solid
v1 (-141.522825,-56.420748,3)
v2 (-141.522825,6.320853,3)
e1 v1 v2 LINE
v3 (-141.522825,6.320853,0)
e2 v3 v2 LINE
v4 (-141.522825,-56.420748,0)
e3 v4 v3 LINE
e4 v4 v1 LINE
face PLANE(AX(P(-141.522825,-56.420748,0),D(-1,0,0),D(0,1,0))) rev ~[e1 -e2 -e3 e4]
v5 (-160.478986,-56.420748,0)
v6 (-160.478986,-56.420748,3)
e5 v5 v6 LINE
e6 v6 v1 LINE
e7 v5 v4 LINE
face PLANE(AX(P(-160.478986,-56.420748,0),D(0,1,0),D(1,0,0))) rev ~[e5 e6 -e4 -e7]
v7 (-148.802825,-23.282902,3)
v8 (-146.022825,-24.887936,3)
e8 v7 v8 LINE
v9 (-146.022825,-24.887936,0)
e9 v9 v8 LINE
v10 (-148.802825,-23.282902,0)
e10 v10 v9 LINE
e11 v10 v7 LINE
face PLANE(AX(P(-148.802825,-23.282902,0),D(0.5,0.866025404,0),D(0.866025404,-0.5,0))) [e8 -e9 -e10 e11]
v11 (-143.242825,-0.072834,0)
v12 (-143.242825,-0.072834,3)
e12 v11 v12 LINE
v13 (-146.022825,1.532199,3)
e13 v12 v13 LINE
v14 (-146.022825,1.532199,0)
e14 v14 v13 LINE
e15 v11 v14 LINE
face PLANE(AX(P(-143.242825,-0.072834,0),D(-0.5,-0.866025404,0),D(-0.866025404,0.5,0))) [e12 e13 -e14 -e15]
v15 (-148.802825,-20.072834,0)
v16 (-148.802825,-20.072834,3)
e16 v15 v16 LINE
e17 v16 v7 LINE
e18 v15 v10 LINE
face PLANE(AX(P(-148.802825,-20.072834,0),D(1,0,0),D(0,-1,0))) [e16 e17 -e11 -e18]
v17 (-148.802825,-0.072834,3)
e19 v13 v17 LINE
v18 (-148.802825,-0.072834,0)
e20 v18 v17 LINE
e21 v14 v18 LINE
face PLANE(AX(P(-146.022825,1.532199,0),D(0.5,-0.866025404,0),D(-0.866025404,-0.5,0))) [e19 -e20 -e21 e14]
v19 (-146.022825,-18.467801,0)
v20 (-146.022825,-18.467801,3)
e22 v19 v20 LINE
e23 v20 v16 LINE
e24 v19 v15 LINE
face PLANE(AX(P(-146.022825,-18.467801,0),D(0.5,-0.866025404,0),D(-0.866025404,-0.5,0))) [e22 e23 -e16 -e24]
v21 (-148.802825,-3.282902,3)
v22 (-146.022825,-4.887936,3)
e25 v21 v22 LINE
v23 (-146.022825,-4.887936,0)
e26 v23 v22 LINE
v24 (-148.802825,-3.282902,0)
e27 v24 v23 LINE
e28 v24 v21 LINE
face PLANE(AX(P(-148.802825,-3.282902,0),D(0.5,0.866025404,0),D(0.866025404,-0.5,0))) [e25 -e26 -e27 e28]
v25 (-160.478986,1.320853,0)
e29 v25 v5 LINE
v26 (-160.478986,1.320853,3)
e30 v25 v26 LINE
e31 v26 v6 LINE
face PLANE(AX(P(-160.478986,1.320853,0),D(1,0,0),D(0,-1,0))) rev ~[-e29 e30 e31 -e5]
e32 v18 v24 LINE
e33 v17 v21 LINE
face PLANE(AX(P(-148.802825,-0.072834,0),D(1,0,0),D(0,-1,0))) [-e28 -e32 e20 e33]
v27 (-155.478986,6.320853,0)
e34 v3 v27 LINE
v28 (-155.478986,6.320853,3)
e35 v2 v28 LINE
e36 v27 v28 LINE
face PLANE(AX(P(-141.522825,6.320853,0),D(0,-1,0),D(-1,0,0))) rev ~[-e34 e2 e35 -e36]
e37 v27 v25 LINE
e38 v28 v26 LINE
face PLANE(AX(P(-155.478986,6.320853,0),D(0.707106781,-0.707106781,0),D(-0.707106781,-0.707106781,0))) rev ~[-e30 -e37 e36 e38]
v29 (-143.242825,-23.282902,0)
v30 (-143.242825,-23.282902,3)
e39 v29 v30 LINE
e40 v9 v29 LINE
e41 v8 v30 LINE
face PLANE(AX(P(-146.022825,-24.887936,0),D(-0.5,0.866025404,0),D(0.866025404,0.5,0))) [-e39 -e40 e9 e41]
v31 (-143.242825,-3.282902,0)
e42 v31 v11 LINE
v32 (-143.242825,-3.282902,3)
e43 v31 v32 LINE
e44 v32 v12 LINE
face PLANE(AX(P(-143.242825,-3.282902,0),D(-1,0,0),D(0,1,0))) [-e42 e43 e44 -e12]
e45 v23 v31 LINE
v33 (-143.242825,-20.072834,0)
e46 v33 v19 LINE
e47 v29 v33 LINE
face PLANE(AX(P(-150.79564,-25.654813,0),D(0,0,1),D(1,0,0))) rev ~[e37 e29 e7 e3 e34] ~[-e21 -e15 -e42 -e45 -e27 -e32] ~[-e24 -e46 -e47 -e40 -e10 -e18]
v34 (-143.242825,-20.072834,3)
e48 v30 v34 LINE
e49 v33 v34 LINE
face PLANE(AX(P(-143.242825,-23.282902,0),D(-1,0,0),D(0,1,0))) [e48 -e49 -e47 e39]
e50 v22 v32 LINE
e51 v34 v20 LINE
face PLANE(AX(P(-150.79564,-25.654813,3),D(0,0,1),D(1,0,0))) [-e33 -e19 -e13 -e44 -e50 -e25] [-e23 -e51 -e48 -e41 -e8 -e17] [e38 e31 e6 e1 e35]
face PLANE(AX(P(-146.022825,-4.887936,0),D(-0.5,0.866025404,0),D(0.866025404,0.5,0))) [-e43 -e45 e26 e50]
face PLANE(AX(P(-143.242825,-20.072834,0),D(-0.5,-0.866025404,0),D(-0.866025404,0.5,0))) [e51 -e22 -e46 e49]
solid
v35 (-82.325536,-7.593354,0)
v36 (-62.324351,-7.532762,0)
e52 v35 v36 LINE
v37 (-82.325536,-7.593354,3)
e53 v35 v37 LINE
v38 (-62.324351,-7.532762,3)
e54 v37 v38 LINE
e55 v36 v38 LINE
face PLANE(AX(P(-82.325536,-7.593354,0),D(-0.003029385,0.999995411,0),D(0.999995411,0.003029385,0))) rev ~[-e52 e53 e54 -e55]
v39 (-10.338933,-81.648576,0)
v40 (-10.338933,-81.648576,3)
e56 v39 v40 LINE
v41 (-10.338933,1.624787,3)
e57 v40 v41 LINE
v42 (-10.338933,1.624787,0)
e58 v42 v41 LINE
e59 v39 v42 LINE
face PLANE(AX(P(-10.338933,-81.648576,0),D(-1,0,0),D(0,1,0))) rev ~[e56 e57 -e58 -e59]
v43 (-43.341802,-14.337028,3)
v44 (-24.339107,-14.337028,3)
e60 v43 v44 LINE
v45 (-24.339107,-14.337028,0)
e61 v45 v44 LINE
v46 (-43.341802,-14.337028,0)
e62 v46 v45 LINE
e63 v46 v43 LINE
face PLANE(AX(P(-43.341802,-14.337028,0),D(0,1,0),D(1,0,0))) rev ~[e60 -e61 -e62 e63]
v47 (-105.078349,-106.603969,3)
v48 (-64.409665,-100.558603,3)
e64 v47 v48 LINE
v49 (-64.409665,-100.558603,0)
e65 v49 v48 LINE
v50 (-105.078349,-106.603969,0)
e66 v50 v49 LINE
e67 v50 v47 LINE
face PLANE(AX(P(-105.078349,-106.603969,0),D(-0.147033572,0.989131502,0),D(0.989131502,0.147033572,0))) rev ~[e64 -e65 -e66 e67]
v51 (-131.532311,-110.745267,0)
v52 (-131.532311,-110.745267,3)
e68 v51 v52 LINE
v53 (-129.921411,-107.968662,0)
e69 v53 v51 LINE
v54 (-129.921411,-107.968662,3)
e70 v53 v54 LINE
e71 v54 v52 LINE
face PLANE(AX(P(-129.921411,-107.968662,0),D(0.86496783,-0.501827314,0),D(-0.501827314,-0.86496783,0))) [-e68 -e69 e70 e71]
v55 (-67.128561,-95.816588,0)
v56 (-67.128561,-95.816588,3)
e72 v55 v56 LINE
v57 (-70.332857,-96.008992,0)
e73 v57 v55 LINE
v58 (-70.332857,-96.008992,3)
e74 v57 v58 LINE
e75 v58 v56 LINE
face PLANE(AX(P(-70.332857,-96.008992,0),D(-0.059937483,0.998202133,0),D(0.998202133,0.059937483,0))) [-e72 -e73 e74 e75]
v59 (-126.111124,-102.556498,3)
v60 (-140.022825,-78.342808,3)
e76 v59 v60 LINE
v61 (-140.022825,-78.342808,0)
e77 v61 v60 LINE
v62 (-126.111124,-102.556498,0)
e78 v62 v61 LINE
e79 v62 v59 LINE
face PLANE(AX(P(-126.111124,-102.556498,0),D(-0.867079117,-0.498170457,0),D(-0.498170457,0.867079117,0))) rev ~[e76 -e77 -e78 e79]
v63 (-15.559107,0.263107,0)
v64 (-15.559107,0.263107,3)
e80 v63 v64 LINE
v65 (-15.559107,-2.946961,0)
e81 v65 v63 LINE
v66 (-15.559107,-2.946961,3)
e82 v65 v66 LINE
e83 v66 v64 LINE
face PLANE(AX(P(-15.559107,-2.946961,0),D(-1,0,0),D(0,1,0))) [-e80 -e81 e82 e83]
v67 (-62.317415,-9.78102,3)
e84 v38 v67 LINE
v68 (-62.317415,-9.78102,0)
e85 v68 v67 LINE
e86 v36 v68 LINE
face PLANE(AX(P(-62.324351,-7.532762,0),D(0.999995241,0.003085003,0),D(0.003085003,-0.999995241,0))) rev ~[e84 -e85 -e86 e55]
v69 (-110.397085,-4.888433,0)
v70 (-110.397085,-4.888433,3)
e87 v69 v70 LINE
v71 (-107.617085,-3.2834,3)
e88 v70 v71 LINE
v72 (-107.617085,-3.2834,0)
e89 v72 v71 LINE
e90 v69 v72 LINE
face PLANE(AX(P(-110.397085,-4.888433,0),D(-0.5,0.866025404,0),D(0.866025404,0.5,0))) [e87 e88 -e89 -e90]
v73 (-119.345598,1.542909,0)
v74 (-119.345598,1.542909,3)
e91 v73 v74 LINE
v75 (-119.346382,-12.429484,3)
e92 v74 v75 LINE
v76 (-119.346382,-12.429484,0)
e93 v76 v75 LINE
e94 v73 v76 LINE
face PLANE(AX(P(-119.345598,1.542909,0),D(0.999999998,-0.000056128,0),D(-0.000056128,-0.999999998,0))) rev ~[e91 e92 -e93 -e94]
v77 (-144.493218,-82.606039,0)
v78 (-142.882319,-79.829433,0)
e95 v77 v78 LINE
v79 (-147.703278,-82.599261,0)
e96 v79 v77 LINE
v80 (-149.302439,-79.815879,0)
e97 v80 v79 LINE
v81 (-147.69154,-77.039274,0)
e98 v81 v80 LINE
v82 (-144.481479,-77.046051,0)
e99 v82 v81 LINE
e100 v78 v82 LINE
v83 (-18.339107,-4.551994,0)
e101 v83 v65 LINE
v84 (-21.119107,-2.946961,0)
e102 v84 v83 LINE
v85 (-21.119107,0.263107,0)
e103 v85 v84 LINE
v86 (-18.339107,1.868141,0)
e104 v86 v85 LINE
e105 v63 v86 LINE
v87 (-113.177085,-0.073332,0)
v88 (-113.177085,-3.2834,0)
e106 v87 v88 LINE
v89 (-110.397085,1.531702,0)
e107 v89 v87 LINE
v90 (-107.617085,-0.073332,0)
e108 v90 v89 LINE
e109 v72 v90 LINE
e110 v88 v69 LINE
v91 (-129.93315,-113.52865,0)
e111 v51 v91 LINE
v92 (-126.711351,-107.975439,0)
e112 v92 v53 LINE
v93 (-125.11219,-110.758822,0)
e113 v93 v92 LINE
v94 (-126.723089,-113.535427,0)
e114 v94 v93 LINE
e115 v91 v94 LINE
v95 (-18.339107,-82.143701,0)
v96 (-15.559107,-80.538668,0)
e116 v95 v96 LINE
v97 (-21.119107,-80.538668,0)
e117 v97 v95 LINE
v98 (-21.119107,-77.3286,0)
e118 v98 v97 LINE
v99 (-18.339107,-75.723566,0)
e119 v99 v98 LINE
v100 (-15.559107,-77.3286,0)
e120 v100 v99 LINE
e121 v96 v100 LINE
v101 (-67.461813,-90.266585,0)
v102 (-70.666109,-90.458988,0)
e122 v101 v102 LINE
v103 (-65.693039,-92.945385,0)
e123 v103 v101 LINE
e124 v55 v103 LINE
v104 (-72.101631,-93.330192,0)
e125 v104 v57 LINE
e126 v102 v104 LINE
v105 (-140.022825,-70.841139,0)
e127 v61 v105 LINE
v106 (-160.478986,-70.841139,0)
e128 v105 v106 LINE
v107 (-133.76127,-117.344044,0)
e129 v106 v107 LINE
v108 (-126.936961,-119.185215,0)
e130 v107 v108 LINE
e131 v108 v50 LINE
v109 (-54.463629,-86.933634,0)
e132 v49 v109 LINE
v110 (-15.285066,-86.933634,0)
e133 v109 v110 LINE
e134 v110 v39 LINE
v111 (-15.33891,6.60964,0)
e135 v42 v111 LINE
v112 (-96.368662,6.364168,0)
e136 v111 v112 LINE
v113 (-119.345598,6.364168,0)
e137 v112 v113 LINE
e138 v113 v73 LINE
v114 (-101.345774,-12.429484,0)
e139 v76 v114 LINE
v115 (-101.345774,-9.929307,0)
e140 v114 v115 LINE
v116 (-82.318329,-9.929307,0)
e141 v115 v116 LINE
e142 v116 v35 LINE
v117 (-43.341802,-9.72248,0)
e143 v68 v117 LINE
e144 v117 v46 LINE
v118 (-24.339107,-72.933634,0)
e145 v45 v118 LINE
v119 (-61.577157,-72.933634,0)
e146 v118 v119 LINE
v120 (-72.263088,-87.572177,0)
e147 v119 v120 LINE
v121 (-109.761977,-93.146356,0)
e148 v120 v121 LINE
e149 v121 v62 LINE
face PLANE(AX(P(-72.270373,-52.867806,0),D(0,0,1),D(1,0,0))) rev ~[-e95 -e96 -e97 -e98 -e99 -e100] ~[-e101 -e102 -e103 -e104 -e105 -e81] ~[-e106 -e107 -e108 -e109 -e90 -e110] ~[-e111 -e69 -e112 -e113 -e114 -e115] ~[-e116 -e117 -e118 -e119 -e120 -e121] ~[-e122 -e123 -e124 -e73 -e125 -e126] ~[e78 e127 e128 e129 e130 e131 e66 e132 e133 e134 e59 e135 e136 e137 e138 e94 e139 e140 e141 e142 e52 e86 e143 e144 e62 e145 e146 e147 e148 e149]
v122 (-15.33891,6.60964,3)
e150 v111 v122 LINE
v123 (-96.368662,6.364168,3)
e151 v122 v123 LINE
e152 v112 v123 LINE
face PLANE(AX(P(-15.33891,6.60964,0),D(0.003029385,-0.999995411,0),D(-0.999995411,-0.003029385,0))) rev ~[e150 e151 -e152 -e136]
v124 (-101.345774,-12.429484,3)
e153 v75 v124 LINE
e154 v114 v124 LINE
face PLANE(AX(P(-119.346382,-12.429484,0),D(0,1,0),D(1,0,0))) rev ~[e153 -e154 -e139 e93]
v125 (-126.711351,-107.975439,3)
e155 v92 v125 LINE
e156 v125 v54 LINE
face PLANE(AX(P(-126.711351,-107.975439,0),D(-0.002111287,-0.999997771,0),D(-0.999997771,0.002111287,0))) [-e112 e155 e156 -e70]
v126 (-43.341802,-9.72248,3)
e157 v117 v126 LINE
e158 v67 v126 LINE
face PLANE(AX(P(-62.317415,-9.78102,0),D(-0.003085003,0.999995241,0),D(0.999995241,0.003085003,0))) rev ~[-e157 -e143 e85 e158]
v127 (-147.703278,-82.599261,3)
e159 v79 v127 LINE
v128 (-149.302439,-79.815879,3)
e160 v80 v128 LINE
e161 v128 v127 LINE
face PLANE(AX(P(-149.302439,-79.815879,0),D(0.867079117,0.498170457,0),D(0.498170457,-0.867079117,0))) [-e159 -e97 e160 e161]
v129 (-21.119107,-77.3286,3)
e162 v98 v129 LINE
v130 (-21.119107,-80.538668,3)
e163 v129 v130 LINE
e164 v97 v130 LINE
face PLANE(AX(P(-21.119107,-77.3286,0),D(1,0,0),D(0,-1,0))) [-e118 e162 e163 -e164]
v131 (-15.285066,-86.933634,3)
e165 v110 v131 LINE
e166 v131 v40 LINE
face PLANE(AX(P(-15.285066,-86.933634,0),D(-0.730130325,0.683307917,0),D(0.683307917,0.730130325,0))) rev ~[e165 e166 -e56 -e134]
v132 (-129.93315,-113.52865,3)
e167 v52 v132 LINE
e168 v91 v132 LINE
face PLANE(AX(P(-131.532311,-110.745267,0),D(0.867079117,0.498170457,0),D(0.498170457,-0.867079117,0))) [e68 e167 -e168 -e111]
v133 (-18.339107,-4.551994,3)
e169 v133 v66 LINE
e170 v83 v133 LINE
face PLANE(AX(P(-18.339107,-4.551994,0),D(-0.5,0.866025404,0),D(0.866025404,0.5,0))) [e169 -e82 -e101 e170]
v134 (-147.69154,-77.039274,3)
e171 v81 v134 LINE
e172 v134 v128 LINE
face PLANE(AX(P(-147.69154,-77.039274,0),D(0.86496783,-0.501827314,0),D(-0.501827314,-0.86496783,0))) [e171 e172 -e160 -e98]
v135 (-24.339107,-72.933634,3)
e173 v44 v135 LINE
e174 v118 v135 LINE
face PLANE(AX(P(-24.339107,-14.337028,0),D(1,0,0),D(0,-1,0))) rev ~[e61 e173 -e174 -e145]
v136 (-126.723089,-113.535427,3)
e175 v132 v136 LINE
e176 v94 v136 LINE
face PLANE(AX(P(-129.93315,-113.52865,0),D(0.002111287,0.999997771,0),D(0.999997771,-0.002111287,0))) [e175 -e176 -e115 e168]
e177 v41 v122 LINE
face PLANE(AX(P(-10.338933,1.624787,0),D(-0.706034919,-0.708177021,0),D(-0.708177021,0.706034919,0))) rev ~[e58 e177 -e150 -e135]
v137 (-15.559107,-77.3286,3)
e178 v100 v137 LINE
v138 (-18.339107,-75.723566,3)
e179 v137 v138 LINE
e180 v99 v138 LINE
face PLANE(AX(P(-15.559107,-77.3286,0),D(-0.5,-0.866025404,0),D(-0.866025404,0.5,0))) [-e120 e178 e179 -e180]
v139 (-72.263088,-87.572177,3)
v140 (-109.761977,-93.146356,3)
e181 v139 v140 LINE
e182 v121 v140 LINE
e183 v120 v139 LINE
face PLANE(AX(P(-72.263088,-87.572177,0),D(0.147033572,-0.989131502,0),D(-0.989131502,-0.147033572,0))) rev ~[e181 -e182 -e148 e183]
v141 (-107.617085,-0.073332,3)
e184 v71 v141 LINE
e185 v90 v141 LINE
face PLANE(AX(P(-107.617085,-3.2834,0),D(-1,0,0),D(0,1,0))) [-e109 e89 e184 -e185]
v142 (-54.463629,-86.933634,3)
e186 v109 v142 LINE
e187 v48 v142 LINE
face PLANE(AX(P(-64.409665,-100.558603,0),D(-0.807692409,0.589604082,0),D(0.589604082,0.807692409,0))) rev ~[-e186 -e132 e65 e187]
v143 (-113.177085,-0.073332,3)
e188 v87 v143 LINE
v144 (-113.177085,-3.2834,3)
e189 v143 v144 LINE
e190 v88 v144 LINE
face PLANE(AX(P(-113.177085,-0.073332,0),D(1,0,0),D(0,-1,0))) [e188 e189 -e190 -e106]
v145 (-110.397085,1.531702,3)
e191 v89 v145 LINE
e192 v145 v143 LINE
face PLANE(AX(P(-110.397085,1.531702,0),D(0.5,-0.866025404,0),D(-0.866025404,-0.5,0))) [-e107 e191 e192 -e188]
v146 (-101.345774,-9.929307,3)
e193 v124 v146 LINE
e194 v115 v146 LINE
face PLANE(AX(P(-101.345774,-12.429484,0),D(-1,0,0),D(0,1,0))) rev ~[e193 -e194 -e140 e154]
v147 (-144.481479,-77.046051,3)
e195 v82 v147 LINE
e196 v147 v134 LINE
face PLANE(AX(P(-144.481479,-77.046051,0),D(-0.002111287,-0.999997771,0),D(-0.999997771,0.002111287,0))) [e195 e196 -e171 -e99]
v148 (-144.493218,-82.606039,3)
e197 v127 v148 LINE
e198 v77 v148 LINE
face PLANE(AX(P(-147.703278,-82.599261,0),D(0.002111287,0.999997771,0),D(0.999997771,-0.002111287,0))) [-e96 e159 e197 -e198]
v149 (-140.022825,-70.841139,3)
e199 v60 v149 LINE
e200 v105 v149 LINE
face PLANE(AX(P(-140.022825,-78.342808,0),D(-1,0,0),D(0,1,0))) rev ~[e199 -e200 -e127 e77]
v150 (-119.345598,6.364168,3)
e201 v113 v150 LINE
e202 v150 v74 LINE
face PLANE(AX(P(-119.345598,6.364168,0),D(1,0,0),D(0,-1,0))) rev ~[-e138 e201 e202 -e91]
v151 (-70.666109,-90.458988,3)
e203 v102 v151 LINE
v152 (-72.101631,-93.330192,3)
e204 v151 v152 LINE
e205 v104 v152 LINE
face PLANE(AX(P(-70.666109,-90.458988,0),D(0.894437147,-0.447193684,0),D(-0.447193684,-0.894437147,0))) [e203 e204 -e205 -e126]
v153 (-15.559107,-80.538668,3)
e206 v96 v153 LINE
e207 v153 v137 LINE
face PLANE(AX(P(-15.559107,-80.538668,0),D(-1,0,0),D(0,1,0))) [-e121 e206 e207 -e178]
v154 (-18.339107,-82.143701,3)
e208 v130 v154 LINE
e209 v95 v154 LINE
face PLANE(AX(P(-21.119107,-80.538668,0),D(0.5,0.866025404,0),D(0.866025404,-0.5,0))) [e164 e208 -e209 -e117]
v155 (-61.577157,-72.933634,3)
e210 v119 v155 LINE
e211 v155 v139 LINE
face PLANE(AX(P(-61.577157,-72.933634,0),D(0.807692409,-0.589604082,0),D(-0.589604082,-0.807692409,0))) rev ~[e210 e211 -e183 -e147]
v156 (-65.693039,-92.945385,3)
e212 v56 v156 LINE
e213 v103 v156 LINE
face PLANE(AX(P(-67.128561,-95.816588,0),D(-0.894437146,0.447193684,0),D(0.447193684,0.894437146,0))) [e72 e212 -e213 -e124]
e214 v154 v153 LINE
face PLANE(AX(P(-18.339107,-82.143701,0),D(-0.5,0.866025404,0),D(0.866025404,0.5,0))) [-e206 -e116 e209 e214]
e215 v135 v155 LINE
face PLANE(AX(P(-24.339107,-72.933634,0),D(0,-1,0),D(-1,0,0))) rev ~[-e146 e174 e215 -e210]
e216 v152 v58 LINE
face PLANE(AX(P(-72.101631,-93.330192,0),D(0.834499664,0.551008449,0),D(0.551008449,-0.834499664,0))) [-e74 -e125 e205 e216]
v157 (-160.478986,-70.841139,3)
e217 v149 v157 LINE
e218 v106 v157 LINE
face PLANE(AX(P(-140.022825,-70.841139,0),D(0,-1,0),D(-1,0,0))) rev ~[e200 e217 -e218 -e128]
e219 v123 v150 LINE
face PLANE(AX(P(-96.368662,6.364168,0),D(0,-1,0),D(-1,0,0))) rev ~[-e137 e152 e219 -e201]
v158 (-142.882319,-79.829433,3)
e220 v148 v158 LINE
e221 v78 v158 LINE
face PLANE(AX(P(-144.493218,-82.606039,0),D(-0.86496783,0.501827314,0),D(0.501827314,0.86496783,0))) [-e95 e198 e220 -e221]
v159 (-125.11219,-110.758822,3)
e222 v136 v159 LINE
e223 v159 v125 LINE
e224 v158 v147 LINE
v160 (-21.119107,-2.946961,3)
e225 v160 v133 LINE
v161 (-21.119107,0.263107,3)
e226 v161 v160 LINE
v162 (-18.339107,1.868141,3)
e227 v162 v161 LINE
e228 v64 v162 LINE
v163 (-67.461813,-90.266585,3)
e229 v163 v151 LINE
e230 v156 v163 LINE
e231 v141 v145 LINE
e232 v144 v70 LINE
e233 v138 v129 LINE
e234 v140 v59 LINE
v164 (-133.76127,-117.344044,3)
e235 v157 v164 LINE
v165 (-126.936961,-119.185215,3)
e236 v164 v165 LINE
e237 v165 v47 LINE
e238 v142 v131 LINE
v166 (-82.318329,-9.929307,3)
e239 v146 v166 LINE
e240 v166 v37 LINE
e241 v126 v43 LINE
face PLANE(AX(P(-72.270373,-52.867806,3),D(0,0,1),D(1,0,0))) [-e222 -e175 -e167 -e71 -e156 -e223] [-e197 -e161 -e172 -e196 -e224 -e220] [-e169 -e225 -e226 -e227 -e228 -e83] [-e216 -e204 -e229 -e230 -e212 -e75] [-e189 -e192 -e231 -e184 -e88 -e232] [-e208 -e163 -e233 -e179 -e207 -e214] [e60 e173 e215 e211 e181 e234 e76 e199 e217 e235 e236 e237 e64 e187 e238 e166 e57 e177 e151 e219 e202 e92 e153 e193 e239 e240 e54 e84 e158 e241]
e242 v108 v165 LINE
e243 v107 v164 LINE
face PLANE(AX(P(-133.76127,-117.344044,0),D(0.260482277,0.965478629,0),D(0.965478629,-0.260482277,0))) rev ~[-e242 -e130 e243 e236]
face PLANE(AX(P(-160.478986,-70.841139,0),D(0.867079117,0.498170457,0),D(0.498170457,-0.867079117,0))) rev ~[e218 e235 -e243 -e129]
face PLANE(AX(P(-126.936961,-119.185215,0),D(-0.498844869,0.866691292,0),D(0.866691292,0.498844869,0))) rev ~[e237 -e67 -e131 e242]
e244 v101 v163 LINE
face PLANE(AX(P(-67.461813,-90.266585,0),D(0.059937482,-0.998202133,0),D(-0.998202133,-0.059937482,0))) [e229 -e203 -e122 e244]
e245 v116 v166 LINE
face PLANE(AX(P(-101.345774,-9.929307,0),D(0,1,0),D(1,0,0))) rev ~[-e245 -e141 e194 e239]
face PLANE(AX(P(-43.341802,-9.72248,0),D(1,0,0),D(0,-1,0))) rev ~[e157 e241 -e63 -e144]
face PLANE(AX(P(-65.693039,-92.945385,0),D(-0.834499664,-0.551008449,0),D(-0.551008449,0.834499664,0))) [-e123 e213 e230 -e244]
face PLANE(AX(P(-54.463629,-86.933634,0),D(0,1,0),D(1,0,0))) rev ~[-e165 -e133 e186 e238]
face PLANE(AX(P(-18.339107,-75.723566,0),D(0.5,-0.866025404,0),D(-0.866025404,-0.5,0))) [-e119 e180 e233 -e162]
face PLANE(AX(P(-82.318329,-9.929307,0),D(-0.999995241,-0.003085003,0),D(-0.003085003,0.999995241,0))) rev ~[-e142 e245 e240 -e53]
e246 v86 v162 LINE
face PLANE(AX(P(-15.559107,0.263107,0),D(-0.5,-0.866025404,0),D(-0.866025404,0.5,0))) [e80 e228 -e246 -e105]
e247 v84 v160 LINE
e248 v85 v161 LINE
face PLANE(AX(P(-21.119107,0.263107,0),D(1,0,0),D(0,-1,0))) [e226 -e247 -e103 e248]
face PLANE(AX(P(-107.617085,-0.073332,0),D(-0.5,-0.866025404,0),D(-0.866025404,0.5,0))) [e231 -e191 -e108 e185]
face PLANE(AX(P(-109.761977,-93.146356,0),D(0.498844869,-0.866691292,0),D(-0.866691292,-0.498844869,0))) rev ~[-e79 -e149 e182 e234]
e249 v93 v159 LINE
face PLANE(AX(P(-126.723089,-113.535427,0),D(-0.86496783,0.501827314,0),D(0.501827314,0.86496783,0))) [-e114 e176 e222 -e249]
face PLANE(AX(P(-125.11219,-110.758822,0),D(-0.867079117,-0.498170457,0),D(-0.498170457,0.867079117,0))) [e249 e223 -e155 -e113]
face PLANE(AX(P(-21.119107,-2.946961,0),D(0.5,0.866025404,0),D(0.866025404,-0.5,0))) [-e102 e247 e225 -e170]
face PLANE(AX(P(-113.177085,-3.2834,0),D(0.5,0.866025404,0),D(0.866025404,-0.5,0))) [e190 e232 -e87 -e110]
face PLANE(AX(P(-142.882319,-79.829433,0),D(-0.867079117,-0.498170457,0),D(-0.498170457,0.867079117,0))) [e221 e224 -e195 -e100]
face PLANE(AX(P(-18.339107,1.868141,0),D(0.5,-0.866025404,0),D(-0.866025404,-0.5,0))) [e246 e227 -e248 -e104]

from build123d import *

# Parameters (mm, degrees)
BOSS_EXTRU_1_DEPTH   = 3
BOSS_EXTRU_1_2_DEPTH = 3


with BuildPart() as part:
    # Esquisse1 → Boss.-Extru.1 (new body)
    with BuildSketch(Plane.XY):
        Polygon((-160.478985875, -70.841138967), (-133.761270027, -117.344044002), (-126.936961278, -119.18521524), (-105.07834936, -106.603969177), (-64.409664562, -100.558603138), (-54.463628843, -86.933633781), (-15.285065671, -86.933633781), (-10.338932594, -81.648576105), (-10.338932594, 1.62478686), (-15.338909651, 6.609639935), (-96.368661727, 6.364168479), (-103.365175584, 6.364168479), (-119.345597764, 6.364168479), (-119.345597764, 1.542908687), (-119.346382005, -12.429484403), (-101.345774335, -12.429484403), (-101.345774335, -9.929307079), (-82.318329451, -9.929307079), (-82.325535908, -7.59335353), (-62.324350924, -7.532761958), (-62.31741501, -9.781019755), (-43.341802282, -9.722479661), (-43.341802282, -14.337028264), (-24.339106961, -14.337028264), (-24.339106961, -72.933633781), (-61.577157206, -72.933633781), (-72.263087593, -87.572177036), (-109.761976756, -93.1463556), (-126.111124489, -102.556497988), (-140.02282508, -78.342807898), (-140.02282508, -70.841138967), align=None)
        Polygon((-110.397084988, -4.888433419), (-107.617084988, -3.283399671), (-107.617084988, -0.073332174), (-110.397084988, 1.531701574), (-113.177084988, -0.073332174), (-113.177084988, -3.283399671), align=None, mode=Mode.SUBTRACT)
        Polygon((-18.339106961, -4.551994484), (-15.559106961, -2.946960735), (-15.559106961, 0.263106761), (-18.339106961, 1.86814051), (-21.119106961, 0.263106761), (-21.119106961, -2.946960735), align=None, mode=Mode.SUBTRACT)
        Polygon((-18.339106961, -75.723566285), (-21.119106961, -77.328600033), (-21.119106961, -80.53866753), (-18.339106961, -82.143701278), (-15.559106961, -80.53866753), (-15.559106961, -77.328600033), align=None, mode=Mode.SUBTRACT)
        Polygon((-70.666109178, -90.458987975), (-72.101631087, -93.330191587), (-70.332856775, -96.008991835), (-67.128560553, -95.81658847), (-65.693038643, -92.945384858), (-67.461812956, -90.266584611), align=None, mode=Mode.SUBTRACT)
        Polygon((-129.921410961, -107.968661897), (-131.53231051, -110.745267014), (-129.933149717, -113.528649505), (-126.723089375, -113.535426879), (-125.112189826, -110.758821762), (-126.711350619, -107.975439271), align=None, mode=Mode.SUBTRACT)
        Polygon((-144.493218107, -82.606038544), (-142.882318558, -79.829433427), (-144.481479351, -77.046050936), (-147.691539693, -77.039273562), (-149.302439242, -79.815878679), (-147.703278449, -82.59926117), align=None, mode=Mode.SUBTRACT)
    extrude(amount=BOSS_EXTRU_1_DEPTH)


with BuildPart() as body_2:
    # Esquisse1 → Boss.-Extru.1 2 (new body)
    with BuildSketch(Plane.XY):
        Polygon((-160.478985875, -3.429484403), (-160.478985875, -56.420747812), (-141.52282508, -56.420747812), (-141.52282508, 1.570515597), (-141.52282508, 6.320852512), (-155.478985875, 6.320852512), (-160.478985875, 1.320852512), align=None)
        Polygon((-146.02282508, -18.467800689), (-148.80282508, -20.072834437), (-148.80282508, -23.282901934), (-146.02282508, -24.887935682), (-143.24282508, -23.282901934), (-143.24282508, -20.072834437), align=None, mode=Mode.SUBTRACT)
        Polygon((-146.02282508, -4.887935682), (-143.24282508, -3.282901934), (-143.24282508, -0.072834437), (-146.02282508, 1.532199311), (-148.80282508, -0.072834437), (-148.80282508, -3.282901934), align=None, mode=Mode.SUBTRACT)
    extrude(amount=BOSS_EXTRU_1_2_DEPTH)


solid = Compound([part.part, body_2.part])
